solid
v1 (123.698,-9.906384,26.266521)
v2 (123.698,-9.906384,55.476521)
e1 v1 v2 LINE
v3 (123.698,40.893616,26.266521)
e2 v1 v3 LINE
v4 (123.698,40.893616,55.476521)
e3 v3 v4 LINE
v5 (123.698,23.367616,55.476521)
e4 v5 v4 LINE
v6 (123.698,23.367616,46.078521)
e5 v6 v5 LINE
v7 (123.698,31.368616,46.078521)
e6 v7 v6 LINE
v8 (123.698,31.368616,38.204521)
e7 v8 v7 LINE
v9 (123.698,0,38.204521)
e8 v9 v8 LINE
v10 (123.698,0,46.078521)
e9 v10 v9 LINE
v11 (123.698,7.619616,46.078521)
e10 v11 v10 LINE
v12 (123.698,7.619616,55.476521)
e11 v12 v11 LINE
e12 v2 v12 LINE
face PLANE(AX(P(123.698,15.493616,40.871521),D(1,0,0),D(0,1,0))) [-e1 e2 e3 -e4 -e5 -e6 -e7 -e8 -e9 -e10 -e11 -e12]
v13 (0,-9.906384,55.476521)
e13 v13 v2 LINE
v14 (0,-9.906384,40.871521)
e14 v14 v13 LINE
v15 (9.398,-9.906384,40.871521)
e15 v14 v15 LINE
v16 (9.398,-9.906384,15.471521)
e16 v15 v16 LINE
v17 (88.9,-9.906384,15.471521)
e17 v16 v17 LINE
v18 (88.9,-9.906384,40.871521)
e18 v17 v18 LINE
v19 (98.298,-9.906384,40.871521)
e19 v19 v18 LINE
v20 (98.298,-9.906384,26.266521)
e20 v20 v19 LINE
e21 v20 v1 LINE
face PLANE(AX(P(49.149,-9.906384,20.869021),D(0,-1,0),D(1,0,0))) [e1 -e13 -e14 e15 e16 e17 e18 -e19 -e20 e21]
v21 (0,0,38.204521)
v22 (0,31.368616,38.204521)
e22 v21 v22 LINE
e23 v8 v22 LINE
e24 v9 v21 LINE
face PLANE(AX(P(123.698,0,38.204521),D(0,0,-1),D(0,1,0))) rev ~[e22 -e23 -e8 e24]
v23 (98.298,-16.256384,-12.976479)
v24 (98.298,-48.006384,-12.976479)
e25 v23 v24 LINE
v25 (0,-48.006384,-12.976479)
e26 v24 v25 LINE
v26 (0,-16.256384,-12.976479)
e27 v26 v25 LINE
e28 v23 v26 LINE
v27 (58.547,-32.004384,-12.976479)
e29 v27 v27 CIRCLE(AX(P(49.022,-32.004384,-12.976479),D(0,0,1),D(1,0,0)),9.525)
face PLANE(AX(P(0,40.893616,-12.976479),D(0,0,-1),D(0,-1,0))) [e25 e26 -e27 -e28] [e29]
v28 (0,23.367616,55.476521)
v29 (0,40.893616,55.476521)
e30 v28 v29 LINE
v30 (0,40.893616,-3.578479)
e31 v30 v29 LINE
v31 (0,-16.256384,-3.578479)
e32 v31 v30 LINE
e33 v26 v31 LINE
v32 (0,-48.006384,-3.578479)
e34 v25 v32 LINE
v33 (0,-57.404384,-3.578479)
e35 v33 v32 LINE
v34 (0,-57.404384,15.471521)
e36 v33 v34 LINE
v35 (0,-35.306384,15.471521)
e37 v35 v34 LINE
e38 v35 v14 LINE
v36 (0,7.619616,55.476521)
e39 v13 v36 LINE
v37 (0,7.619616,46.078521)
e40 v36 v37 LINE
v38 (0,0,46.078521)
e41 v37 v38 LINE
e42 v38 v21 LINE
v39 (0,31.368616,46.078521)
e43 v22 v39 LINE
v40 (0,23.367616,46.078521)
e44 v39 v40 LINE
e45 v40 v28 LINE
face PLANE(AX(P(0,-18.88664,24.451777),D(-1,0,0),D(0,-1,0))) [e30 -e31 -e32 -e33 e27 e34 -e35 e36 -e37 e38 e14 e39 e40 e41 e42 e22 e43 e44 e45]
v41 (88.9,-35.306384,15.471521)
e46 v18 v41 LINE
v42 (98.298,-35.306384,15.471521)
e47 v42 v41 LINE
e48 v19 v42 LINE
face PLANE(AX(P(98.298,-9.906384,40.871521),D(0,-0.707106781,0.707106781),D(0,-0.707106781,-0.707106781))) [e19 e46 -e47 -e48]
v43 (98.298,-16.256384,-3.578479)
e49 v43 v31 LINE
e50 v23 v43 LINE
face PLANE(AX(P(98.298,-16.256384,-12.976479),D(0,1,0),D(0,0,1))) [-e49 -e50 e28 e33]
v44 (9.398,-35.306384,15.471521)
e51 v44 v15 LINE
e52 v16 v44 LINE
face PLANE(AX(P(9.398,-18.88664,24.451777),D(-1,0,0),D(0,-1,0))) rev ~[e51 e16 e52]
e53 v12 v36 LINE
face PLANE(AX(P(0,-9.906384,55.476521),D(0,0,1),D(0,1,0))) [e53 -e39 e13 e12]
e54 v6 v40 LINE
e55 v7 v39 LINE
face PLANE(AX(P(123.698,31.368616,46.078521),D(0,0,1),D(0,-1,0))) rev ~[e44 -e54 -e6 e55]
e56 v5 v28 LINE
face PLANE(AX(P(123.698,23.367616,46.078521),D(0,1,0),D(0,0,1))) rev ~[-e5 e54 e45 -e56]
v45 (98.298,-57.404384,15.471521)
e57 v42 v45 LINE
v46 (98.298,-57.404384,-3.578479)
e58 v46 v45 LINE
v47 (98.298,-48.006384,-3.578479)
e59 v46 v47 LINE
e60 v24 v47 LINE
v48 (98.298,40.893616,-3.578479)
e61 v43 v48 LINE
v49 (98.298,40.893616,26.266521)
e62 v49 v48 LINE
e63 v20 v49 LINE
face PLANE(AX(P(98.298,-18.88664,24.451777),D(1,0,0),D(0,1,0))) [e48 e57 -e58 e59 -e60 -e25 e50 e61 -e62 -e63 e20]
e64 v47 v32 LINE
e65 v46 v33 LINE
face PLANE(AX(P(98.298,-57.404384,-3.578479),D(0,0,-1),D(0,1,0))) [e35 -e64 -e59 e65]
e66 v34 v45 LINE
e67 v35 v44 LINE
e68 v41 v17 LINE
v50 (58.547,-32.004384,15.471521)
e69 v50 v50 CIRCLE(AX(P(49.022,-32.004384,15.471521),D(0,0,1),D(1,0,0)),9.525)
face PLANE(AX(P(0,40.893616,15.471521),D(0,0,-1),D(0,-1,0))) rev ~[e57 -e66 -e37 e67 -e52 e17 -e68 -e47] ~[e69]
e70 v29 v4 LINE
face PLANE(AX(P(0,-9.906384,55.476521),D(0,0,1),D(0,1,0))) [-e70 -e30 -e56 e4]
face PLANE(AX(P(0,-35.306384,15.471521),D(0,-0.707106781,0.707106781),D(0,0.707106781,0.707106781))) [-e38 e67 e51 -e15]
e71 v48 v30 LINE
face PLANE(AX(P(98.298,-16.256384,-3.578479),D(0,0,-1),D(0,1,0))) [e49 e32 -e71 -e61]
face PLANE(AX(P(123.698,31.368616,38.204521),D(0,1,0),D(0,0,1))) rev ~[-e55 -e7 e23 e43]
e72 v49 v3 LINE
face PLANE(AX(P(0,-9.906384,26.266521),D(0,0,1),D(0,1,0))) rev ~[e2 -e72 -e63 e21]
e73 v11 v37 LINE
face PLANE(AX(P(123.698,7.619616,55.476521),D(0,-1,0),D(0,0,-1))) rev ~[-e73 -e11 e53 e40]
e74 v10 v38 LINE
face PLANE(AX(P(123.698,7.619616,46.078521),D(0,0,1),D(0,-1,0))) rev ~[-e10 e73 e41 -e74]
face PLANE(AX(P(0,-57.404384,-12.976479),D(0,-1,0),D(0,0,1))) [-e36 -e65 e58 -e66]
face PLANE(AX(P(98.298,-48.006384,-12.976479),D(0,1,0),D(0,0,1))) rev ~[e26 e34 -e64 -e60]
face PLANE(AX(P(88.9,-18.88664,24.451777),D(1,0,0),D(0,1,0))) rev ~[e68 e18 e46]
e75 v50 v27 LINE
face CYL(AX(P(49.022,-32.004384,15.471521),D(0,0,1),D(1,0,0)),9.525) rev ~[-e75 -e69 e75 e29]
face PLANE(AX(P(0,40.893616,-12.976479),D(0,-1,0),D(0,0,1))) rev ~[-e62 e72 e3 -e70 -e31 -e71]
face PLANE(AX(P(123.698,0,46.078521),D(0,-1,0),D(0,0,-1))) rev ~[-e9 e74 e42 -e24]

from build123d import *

# Parameters (mm, degrees)
F0_W      = 50.8
F0_H      = 29.21
F1_DEPTH  = 123.698
F3_DEPTH  = 123.698
F4_W      = 98.298
F4_H      = 10.795
F5_DEPTH  = 50.8
F6_W      = 98.298
F6_H      = 28.448
F7_DEPTH  = 98.298
F10_DEPTH = 9.398
F11_DEPTH = 9.398
F12_W     = 9.398
F12_H     = 9.398
F13_DEPTH = 98.298
F14_W     = 57.15
F14_H     = 9.398
F15_DEPTH = 98.298
F16_R     = 9.525
F17_DEPTH = 28.448


with BuildPart() as f1:
    # F0 (on Right) → F1 (new body)
    with BuildSketch(Plane.YZ):
        with Locations((15.4936162289, 40.8715208429)):
            Rectangle(F0_W, F0_H)
    extrude(amount=F1_DEPTH)

    # F2 (on face) → F3 (cut)
    with BuildSketch(Plane.YZ.offset(123.698)):
        Polygon((23.3676162289, 46.0785208429), (23.3676162289, 55.4765208429), (7.6196162289, 55.4765208429), (7.6196162289, 46.0785208429), (0, 46.0785208429), (0, 38.2045208429), (31.3686162289, 38.2045208429), (31.3686162289, 46.0785208429), align=None)
    extrude(amount=-F3_DEPTH, mode=Mode.SUBTRACT)

    # F4 (on face) → F5 (join)
    with BuildSketch(Plane.XZ.offset(9.9063837711)):
        with Locations((49.149, 20.8690208429)):
            Rectangle(F4_W, F4_H)
    extrude(amount=-F5_DEPTH)

    # F6 (on face) → F7 (join)
    with BuildSketch(Plane(origin=(0, 0, 0), x_dir=(0, -1, 0), z_dir=(-1, 0, 0))):
        with Locations((8.2553837711, 1.2475208429)):
            Rectangle(F6_W, F6_H)
    extrude(amount=-F7_DEPTH)

    # F9 (on face) → F10 (join)
    with BuildSketch(Plane.YZ.offset(98.298)):
        Polygon((-35.3063837711, 15.4715208429), (-9.9063837711, 15.4715208429), (-9.9063837711, 26.2665208429), (-9.9063837711, 40.8715208429), align=None)
    extrude(amount=-F10_DEPTH)

    # F8 (on face) → F11 (join)
    with BuildSketch(Plane(origin=(0, 0, 0), x_dir=(0, -1, 0), z_dir=(-1, 0, 0))):
        Polygon((9.9063837711, 40.8715208429), (9.9063837711, 15.4715208429), (35.3063837711, 15.4715208429), align=None)
    extrude(amount=-F11_DEPTH)

    # F12 (on face) → F13 (cut)
    with BuildSketch(Plane.YZ.offset(98.298)):
        with Locations((-52.7053837711, -8.2774791571)):
            Rectangle(F12_W, F12_H)
    extrude(amount=-F13_DEPTH, mode=Mode.SUBTRACT)

    # F14 (on face) → F15 (cut)
    with BuildSketch(Plane.YZ.offset(98.298)):
        with Locations((12.3186162289, -8.2774791571)):
            Rectangle(F14_W, F14_H)
    extrude(amount=-F15_DEPTH, mode=Mode.SUBTRACT)

    # F16 (on face) → F17 (cut)
    with BuildSketch(Plane.XY.offset(15.4715208429)):
        with Locations((49.022, -32.0043837711)):
            Circle(F16_R)
    extrude(amount=-F17_DEPTH, mode=Mode.SUBTRACT)


solid = f1.part
